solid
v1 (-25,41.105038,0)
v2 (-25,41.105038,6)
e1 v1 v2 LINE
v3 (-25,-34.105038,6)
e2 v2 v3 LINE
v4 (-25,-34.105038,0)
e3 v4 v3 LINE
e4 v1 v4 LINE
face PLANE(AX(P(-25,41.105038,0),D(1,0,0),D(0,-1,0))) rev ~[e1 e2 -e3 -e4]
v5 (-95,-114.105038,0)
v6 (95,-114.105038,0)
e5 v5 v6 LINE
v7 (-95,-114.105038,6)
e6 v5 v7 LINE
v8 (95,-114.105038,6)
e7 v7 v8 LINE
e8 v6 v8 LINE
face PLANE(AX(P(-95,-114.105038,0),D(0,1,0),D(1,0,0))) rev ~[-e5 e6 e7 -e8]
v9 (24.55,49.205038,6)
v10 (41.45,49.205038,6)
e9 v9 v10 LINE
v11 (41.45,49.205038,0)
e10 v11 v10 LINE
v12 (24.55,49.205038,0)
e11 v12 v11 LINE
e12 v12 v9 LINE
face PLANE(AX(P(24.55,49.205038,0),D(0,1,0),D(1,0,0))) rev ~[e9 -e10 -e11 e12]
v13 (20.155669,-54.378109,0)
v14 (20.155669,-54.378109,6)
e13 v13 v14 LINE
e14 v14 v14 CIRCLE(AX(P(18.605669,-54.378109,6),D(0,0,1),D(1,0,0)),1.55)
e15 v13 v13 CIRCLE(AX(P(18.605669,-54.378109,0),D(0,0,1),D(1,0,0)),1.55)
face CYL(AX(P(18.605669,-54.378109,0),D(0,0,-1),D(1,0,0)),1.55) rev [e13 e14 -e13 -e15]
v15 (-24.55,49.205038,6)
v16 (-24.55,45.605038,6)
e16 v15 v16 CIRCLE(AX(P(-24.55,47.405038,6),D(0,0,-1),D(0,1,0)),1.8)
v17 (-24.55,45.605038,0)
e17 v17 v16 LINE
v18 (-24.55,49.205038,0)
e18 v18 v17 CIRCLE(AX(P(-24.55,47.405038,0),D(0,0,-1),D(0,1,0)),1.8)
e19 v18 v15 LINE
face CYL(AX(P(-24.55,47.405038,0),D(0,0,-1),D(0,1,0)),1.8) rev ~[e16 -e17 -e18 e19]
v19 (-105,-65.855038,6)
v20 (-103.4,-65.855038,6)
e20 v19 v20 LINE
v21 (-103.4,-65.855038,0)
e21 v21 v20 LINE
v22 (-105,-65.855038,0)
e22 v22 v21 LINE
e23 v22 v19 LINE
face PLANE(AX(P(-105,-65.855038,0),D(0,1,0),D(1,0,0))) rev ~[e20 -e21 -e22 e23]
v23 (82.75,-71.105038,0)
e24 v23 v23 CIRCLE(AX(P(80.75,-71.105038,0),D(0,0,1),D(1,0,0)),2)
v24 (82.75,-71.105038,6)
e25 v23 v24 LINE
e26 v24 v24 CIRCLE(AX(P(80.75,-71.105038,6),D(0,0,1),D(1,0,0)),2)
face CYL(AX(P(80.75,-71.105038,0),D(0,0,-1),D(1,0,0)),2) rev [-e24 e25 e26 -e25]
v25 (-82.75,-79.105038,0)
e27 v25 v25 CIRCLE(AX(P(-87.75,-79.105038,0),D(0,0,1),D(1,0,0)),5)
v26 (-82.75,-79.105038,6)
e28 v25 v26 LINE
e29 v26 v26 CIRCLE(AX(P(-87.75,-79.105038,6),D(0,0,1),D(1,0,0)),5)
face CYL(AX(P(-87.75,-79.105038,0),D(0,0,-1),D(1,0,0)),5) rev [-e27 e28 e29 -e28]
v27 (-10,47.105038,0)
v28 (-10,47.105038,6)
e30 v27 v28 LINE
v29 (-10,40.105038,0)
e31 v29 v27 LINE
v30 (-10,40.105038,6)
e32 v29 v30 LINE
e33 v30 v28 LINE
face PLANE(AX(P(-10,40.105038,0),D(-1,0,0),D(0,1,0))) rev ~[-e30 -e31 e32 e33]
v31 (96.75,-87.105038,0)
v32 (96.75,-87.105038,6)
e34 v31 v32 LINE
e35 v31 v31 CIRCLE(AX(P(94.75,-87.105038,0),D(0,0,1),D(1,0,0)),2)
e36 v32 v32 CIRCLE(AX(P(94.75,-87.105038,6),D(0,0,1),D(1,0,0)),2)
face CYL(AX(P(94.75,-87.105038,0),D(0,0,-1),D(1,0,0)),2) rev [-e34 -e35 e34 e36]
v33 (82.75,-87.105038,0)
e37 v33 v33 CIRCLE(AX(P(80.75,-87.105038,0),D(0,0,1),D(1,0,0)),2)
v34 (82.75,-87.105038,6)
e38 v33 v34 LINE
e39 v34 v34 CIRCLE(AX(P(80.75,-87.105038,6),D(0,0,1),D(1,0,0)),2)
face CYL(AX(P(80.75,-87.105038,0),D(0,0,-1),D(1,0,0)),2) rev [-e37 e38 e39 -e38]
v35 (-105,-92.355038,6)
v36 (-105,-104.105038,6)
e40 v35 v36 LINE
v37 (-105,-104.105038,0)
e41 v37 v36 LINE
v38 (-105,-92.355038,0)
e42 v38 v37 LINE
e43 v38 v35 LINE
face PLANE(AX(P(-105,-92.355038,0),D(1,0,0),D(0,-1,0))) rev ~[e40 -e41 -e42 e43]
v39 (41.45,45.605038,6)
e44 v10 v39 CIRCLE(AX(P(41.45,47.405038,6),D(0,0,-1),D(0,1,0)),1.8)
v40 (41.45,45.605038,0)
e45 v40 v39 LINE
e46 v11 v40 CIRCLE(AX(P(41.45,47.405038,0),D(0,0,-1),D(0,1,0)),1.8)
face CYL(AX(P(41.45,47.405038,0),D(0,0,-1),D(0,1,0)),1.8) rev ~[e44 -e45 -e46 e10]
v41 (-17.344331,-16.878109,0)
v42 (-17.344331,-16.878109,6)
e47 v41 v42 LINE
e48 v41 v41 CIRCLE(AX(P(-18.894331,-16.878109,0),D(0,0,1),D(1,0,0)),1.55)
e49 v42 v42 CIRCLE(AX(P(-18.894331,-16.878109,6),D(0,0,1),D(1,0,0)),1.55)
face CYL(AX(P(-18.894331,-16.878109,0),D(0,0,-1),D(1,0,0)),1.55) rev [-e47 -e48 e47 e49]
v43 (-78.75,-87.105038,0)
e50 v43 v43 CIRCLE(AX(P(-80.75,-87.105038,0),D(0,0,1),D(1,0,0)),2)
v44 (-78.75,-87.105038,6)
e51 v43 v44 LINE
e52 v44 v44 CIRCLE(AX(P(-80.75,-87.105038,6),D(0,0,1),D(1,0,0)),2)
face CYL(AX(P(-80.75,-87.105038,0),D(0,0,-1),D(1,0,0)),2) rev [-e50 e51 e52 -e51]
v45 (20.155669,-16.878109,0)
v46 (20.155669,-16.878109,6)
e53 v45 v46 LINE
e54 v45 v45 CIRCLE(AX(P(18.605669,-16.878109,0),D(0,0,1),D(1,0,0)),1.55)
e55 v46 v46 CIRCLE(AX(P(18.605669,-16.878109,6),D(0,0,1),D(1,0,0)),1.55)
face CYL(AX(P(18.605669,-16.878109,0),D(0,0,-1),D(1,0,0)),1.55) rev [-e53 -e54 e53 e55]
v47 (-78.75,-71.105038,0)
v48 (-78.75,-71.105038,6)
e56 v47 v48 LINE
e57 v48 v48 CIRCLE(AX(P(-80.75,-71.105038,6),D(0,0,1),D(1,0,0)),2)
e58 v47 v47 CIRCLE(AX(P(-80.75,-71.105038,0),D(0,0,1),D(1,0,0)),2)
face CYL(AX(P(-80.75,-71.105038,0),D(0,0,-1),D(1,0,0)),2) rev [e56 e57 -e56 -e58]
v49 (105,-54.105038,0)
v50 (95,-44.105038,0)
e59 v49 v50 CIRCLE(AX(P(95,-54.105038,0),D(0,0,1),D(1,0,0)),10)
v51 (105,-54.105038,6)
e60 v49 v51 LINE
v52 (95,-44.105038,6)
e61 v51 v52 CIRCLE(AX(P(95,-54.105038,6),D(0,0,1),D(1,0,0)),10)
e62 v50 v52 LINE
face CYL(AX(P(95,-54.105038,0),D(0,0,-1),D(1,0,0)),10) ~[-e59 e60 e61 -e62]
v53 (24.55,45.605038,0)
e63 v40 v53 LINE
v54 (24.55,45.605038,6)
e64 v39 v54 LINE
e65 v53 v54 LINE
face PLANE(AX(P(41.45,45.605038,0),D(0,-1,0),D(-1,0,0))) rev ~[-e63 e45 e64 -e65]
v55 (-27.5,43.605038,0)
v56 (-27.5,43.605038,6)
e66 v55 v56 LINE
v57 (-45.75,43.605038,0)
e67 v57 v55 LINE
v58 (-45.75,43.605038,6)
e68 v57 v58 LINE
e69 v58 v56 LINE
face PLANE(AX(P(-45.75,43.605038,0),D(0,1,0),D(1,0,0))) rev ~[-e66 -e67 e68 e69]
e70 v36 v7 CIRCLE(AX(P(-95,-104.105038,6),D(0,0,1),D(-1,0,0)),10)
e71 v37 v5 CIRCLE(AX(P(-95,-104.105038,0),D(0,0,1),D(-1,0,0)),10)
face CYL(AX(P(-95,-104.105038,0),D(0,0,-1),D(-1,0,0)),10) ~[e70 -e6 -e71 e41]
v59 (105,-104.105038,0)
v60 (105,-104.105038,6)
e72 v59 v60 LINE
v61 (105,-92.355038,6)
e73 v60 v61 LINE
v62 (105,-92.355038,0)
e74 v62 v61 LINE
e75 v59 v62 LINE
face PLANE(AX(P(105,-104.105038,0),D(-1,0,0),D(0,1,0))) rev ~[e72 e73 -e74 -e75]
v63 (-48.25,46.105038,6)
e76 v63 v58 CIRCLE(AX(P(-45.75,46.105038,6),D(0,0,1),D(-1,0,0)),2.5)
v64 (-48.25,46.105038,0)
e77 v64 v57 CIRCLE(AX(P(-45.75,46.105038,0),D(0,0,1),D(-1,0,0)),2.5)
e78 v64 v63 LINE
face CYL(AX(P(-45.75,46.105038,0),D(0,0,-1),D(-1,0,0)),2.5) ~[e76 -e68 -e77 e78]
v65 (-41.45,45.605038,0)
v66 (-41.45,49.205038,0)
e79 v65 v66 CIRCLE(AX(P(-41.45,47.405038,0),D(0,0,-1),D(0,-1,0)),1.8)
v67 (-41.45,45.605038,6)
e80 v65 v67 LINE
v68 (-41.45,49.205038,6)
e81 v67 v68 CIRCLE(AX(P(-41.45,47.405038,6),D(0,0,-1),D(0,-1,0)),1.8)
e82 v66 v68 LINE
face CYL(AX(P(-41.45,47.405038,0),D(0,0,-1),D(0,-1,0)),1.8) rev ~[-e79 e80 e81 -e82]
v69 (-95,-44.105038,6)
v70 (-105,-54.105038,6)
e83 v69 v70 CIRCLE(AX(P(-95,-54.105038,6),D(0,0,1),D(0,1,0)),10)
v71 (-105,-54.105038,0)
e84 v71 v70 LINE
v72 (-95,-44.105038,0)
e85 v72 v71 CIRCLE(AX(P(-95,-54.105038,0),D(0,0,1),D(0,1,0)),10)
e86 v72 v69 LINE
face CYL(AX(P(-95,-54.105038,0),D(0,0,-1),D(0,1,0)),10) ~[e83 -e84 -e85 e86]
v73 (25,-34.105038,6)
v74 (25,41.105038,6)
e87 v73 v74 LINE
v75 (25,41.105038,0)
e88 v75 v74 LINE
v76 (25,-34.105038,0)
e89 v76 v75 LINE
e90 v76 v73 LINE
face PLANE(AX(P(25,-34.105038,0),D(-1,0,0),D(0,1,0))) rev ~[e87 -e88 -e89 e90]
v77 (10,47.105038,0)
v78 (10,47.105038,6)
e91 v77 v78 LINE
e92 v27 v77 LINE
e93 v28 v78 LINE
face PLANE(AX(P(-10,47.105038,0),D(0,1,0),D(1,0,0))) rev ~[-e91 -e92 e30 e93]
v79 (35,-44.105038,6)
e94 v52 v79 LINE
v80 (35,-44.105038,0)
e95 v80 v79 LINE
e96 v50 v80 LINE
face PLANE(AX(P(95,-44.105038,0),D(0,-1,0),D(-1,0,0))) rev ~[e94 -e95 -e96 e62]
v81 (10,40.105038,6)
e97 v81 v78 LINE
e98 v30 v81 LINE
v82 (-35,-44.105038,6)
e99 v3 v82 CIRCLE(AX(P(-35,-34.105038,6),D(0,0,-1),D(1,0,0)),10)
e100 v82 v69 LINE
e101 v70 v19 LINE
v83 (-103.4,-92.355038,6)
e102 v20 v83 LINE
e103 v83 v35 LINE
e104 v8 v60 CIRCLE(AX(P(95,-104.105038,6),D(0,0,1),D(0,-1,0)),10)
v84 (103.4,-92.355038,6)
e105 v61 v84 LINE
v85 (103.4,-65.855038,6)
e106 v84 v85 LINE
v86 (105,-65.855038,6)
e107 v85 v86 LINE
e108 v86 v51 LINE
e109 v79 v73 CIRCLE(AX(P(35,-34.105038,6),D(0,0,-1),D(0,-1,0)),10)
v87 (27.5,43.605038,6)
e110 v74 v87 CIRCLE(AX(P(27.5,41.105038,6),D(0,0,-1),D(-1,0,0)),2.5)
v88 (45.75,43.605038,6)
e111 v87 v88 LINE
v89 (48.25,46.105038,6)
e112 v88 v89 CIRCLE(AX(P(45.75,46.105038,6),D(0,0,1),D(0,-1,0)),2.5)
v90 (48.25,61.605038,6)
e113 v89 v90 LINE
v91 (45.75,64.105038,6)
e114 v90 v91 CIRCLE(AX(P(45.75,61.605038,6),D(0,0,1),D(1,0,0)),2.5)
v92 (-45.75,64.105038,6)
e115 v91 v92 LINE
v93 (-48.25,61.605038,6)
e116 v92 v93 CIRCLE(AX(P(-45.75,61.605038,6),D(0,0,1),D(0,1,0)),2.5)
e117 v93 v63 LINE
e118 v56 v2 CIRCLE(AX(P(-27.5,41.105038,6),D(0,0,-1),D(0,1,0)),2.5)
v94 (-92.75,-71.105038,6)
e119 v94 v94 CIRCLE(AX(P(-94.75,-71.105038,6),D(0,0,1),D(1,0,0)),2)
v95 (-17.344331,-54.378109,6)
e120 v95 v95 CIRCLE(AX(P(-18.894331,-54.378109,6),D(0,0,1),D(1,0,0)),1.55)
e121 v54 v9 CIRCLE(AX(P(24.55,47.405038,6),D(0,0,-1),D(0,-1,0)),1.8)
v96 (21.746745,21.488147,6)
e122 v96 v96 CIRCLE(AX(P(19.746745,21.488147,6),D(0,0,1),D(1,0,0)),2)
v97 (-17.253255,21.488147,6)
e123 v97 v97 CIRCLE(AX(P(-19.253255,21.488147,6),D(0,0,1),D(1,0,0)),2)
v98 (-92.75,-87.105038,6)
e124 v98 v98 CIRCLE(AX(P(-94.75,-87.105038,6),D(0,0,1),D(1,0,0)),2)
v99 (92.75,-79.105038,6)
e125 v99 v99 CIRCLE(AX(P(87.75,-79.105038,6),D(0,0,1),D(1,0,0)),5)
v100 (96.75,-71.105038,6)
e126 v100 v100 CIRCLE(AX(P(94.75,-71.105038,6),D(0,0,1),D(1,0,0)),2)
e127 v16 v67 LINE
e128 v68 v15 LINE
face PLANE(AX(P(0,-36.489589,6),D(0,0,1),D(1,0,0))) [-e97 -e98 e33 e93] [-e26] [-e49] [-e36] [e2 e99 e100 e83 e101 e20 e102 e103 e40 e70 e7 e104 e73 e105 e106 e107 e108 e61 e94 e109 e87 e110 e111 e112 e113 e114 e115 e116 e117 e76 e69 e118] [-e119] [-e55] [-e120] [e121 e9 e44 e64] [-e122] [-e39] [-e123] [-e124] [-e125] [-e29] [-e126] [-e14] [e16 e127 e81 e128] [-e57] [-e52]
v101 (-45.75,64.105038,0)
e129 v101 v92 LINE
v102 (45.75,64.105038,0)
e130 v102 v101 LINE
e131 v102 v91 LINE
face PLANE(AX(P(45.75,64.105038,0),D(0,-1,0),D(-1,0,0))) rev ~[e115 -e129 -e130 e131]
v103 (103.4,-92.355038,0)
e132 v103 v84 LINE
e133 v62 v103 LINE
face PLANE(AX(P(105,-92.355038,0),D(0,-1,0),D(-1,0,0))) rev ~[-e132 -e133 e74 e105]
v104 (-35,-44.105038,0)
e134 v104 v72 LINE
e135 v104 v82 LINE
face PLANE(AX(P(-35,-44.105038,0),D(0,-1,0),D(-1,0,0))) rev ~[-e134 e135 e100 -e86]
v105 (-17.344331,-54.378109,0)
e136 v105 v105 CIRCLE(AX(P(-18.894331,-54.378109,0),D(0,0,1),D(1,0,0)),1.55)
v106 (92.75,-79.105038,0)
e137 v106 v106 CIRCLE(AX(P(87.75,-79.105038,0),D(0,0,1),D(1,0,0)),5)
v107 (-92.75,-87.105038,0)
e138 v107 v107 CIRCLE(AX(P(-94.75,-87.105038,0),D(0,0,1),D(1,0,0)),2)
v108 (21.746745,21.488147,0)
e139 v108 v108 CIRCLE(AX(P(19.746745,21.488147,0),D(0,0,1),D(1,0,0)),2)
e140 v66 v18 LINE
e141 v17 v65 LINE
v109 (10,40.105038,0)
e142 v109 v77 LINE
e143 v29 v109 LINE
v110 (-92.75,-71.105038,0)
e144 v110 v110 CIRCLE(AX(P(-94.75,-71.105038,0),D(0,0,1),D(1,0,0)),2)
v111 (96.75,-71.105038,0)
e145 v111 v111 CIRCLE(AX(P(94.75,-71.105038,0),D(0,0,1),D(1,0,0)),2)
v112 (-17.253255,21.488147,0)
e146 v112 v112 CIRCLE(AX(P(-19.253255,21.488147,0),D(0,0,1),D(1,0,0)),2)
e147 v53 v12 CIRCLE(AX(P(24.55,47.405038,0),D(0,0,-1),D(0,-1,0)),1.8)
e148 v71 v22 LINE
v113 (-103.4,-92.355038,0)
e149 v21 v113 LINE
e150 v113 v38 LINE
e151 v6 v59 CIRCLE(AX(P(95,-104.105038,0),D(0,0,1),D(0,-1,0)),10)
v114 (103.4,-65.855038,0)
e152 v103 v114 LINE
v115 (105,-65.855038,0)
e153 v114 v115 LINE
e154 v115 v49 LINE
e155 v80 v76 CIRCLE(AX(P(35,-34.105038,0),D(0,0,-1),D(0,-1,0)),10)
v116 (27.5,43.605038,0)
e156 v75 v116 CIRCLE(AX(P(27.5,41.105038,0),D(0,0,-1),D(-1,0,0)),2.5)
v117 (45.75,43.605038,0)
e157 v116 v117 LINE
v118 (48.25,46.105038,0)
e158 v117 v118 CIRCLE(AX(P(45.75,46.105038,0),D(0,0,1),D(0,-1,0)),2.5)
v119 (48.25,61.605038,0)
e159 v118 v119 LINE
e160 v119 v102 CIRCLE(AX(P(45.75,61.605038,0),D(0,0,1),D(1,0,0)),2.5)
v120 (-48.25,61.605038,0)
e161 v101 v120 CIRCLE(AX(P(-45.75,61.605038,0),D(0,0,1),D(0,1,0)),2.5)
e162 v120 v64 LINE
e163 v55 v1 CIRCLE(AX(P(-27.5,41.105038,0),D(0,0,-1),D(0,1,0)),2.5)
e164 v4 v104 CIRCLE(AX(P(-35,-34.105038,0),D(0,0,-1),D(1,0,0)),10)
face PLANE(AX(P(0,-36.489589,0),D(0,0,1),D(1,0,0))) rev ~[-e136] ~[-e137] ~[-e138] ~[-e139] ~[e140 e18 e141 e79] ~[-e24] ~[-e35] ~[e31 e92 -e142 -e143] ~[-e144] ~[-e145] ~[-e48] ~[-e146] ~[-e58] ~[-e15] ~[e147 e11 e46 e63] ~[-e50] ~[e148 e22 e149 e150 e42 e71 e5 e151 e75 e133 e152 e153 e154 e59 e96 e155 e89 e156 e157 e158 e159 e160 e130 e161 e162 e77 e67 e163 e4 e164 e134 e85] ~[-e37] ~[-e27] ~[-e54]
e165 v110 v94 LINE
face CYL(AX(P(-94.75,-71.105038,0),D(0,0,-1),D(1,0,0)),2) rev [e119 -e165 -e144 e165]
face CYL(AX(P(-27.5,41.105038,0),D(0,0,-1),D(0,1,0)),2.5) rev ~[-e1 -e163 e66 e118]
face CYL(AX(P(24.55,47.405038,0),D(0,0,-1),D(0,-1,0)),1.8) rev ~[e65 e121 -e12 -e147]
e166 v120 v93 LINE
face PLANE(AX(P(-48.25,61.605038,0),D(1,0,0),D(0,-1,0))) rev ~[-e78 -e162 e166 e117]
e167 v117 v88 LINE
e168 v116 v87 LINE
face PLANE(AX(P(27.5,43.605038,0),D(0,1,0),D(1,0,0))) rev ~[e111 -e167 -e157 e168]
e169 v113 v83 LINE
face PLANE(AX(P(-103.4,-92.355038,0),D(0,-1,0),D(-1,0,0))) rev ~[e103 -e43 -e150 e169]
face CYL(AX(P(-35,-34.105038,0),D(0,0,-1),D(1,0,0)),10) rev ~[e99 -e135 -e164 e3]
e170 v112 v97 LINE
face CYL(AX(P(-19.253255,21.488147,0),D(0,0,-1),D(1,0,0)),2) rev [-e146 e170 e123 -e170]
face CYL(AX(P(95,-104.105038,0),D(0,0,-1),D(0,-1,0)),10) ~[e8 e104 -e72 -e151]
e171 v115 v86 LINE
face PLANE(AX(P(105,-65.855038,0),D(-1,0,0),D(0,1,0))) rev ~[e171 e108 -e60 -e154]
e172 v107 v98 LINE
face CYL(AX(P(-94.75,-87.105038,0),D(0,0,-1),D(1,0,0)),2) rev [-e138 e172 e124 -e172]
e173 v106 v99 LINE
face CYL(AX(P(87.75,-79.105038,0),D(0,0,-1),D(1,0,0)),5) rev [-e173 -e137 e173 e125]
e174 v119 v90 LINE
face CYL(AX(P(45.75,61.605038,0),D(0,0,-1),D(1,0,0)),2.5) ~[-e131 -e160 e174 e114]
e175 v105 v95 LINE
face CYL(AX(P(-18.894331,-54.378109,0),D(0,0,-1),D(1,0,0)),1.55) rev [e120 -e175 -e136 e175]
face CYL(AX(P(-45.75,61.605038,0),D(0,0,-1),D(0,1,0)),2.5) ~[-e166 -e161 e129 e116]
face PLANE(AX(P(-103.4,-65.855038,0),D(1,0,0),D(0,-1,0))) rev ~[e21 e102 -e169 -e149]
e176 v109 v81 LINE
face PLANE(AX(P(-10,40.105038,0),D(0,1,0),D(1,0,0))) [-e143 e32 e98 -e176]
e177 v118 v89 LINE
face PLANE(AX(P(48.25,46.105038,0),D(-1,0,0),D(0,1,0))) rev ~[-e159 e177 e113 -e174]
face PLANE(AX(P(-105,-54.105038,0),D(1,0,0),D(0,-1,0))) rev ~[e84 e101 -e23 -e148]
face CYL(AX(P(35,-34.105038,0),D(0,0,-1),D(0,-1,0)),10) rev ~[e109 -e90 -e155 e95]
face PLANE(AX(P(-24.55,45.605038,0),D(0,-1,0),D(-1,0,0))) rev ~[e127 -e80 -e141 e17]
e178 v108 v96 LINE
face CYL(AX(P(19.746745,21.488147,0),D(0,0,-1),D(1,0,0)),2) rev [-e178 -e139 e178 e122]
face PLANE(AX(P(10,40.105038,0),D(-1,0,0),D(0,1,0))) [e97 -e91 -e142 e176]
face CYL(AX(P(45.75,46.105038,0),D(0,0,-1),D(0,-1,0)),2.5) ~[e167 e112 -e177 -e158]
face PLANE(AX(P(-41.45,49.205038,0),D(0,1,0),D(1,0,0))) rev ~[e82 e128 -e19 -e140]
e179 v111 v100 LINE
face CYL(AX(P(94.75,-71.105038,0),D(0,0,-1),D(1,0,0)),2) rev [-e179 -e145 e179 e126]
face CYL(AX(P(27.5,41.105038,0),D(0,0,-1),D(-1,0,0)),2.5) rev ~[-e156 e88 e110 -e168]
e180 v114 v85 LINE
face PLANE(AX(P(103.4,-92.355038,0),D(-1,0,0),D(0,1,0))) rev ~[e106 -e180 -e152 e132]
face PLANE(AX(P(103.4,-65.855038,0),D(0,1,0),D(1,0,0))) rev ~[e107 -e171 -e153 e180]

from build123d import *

# Parameters (mm, degrees)
SKETCH1_R           = 2
SKETCH1_R_2         = 5
SKETCH1_R_3         = 1.55
SKETCH1_W           = 20
SKETCH1_H           = 7
BOSS_EXTRUDE1_DEPTH = 6


with BuildPart() as part:
    # Sketch1 → Boss-Extrude1 (new body)
    with BuildSketch(Plane.XY):
        with BuildLine():
            Line((95, -44.105037838), (35, -44.105037838))
            ThreePointArc((35, -44.105037838), (27.928932188, -41.17610565), (25, -34.105037838))
            Line((25, -34.105037838), (25, 41.105037842))
            ThreePointArc((25, 41.105037842), (25.732233047, 42.872804795), (27.5, 43.605037842))
            Line((27.5, 43.605037842), (45.75, 43.605037842))
            ThreePointArc((45.75, 43.605037842), (47.517766953, 44.337270889), (48.25, 46.105037842))
            Line((48.25, 46.105037842), (48.25, 61.605037842))
            ThreePointArc((48.25, 61.605037842), (47.517766953, 63.372804795), (45.75, 64.105037842))
            Line((45.75, 64.105037842), (-45.75, 64.105037842))
            ThreePointArc((-45.75, 64.105037842), (-47.517766953, 63.372804795), (-48.25, 61.605037842))
            Line((-48.25, 61.605037842), (-48.25, 46.105037842))
            ThreePointArc((-48.25, 46.105037842), (-47.517766953, 44.337270889), (-45.75, 43.605037842))
            Line((-45.75, 43.605037842), (-27.5, 43.605037842))
            ThreePointArc((-27.5, 43.605037842), (-25.732233047, 42.872804795), (-25, 41.105037842))
            Line((-25, 41.105037842), (-25, -34.105037838))
            ThreePointArc((-25, -34.105037838), (-27.928932188, -41.17610565), (-35, -44.105037838))
            Line((-35, -44.105037838), (-95, -44.105037838))
            ThreePointArc((-95, -44.105037838), (-102.071067812, -47.033970026), (-105, -54.105037838))
            Line((-105, -54.105037838), (-105, -65.855037838))
            Line((-105, -65.855037838), (-103.4, -65.855037838))
            Line((-103.4, -65.855037838), (-103.4, -92.355037838))
            Line((-103.4, -92.355037838), (-105, -92.355037838))
            Line((-105, -92.355037838), (-105, -104.105037838))
            ThreePointArc((-105, -104.105037838), (-102.071067812, -111.17610565), (-95, -114.105037838))
            Line((-95, -114.105037838), (95, -114.105037838))
            ThreePointArc((95, -114.105037838), (102.071067812, -111.17610565), (105, -104.105037838))
            Line((105, -104.105037838), (105, -92.355037838))
            Line((105, -92.355037838), (103.4, -92.355037838))
            Line((103.4, -92.355037838), (103.4, -65.855037838))
            Line((103.4, -65.855037838), (105, -65.855037838))
            Line((105, -65.855037838), (105, -54.105037838))
            ThreePointArc((105, -54.105037838), (102.071067812, -47.033970026), (95, -44.105037838))
        make_face()
        with Locations((80.75, -87.105037838)):
            Circle(SKETCH1_R, mode=Mode.SUBTRACT)
        with Locations((87.75, -79.105037838)):
            Circle(SKETCH1_R_2, mode=Mode.SUBTRACT)
        with Locations((94.75, -71.105037838)):
            Circle(SKETCH1_R, mode=Mode.SUBTRACT)
        with Locations((80.75, -71.105037838)):
            Circle(SKETCH1_R, mode=Mode.SUBTRACT)
        with Locations((-80.75, -71.105037838)):
            Circle(SKETCH1_R, mode=Mode.SUBTRACT)
        with Locations((-94.75, -71.105037838)):
            Circle(SKETCH1_R, mode=Mode.SUBTRACT)
        with Locations((-87.75, -79.105037838)):
            Circle(SKETCH1_R_2, mode=Mode.SUBTRACT)
        with Locations((-80.75, -87.105037838)):
            Circle(SKETCH1_R, mode=Mode.SUBTRACT)
        with Locations((-18.894331083, -54.378109012)):
            Circle(SKETCH1_R_3, mode=Mode.SUBTRACT)
        with Locations((18.605668917, -16.878109012)):
            Circle(SKETCH1_R_3, mode=Mode.SUBTRACT)
        with Locations((-18.894331083, -16.878109012)):
            Circle(SKETCH1_R_3, mode=Mode.SUBTRACT)
        with Locations((18.605668917, -54.378109012)):
            Circle(SKETCH1_R_3, mode=Mode.SUBTRACT)
        with Locations((19.746744501, 21.488147141)):
            Circle(SKETCH1_R, mode=Mode.SUBTRACT)
        with Locations((-19.253255499, 21.488147141)):
            Circle(SKETCH1_R, mode=Mode.SUBTRACT)
        with Locations((-94.75, -87.105037838)):
            Circle(SKETCH1_R, mode=Mode.SUBTRACT)
        with Locations((94.75, -87.105037838)):
            Circle(SKETCH1_R, mode=Mode.SUBTRACT)
        with BuildLine():
            Line((-41.45, 49.205037842), (-24.55, 49.205037842))
            ThreePointArc((-24.55, 49.205037842), (-22.75, 47.405037842), (-24.55, 45.605037842))
            Line((-24.55, 45.605037842), (-41.45, 45.605037842))
            ThreePointArc((-41.45, 45.605037842), (-43.25, 47.405037842), (-41.45, 49.205037842))
        make_face(mode=Mode.SUBTRACT)
        with BuildLine():
            Line((41.45, 45.605037842), (24.55, 45.605037842))
            ThreePointArc((24.55, 45.605037842), (22.75, 47.405037842), (24.55, 49.205037842))
            Line((24.55, 49.205037842), (41.45, 49.205037842))
            ThreePointArc((41.45, 49.205037842), (43.25, 47.405037842), (41.45, 45.605037842))
        make_face(mode=Mode.SUBTRACT)
        with Locations((0, 43.605037842)):
            Rectangle(SKETCH1_W, SKETCH1_H, mode=Mode.SUBTRACT)
    extrude(amount=BOSS_EXTRUDE1_DEPTH)


solid = part.part
